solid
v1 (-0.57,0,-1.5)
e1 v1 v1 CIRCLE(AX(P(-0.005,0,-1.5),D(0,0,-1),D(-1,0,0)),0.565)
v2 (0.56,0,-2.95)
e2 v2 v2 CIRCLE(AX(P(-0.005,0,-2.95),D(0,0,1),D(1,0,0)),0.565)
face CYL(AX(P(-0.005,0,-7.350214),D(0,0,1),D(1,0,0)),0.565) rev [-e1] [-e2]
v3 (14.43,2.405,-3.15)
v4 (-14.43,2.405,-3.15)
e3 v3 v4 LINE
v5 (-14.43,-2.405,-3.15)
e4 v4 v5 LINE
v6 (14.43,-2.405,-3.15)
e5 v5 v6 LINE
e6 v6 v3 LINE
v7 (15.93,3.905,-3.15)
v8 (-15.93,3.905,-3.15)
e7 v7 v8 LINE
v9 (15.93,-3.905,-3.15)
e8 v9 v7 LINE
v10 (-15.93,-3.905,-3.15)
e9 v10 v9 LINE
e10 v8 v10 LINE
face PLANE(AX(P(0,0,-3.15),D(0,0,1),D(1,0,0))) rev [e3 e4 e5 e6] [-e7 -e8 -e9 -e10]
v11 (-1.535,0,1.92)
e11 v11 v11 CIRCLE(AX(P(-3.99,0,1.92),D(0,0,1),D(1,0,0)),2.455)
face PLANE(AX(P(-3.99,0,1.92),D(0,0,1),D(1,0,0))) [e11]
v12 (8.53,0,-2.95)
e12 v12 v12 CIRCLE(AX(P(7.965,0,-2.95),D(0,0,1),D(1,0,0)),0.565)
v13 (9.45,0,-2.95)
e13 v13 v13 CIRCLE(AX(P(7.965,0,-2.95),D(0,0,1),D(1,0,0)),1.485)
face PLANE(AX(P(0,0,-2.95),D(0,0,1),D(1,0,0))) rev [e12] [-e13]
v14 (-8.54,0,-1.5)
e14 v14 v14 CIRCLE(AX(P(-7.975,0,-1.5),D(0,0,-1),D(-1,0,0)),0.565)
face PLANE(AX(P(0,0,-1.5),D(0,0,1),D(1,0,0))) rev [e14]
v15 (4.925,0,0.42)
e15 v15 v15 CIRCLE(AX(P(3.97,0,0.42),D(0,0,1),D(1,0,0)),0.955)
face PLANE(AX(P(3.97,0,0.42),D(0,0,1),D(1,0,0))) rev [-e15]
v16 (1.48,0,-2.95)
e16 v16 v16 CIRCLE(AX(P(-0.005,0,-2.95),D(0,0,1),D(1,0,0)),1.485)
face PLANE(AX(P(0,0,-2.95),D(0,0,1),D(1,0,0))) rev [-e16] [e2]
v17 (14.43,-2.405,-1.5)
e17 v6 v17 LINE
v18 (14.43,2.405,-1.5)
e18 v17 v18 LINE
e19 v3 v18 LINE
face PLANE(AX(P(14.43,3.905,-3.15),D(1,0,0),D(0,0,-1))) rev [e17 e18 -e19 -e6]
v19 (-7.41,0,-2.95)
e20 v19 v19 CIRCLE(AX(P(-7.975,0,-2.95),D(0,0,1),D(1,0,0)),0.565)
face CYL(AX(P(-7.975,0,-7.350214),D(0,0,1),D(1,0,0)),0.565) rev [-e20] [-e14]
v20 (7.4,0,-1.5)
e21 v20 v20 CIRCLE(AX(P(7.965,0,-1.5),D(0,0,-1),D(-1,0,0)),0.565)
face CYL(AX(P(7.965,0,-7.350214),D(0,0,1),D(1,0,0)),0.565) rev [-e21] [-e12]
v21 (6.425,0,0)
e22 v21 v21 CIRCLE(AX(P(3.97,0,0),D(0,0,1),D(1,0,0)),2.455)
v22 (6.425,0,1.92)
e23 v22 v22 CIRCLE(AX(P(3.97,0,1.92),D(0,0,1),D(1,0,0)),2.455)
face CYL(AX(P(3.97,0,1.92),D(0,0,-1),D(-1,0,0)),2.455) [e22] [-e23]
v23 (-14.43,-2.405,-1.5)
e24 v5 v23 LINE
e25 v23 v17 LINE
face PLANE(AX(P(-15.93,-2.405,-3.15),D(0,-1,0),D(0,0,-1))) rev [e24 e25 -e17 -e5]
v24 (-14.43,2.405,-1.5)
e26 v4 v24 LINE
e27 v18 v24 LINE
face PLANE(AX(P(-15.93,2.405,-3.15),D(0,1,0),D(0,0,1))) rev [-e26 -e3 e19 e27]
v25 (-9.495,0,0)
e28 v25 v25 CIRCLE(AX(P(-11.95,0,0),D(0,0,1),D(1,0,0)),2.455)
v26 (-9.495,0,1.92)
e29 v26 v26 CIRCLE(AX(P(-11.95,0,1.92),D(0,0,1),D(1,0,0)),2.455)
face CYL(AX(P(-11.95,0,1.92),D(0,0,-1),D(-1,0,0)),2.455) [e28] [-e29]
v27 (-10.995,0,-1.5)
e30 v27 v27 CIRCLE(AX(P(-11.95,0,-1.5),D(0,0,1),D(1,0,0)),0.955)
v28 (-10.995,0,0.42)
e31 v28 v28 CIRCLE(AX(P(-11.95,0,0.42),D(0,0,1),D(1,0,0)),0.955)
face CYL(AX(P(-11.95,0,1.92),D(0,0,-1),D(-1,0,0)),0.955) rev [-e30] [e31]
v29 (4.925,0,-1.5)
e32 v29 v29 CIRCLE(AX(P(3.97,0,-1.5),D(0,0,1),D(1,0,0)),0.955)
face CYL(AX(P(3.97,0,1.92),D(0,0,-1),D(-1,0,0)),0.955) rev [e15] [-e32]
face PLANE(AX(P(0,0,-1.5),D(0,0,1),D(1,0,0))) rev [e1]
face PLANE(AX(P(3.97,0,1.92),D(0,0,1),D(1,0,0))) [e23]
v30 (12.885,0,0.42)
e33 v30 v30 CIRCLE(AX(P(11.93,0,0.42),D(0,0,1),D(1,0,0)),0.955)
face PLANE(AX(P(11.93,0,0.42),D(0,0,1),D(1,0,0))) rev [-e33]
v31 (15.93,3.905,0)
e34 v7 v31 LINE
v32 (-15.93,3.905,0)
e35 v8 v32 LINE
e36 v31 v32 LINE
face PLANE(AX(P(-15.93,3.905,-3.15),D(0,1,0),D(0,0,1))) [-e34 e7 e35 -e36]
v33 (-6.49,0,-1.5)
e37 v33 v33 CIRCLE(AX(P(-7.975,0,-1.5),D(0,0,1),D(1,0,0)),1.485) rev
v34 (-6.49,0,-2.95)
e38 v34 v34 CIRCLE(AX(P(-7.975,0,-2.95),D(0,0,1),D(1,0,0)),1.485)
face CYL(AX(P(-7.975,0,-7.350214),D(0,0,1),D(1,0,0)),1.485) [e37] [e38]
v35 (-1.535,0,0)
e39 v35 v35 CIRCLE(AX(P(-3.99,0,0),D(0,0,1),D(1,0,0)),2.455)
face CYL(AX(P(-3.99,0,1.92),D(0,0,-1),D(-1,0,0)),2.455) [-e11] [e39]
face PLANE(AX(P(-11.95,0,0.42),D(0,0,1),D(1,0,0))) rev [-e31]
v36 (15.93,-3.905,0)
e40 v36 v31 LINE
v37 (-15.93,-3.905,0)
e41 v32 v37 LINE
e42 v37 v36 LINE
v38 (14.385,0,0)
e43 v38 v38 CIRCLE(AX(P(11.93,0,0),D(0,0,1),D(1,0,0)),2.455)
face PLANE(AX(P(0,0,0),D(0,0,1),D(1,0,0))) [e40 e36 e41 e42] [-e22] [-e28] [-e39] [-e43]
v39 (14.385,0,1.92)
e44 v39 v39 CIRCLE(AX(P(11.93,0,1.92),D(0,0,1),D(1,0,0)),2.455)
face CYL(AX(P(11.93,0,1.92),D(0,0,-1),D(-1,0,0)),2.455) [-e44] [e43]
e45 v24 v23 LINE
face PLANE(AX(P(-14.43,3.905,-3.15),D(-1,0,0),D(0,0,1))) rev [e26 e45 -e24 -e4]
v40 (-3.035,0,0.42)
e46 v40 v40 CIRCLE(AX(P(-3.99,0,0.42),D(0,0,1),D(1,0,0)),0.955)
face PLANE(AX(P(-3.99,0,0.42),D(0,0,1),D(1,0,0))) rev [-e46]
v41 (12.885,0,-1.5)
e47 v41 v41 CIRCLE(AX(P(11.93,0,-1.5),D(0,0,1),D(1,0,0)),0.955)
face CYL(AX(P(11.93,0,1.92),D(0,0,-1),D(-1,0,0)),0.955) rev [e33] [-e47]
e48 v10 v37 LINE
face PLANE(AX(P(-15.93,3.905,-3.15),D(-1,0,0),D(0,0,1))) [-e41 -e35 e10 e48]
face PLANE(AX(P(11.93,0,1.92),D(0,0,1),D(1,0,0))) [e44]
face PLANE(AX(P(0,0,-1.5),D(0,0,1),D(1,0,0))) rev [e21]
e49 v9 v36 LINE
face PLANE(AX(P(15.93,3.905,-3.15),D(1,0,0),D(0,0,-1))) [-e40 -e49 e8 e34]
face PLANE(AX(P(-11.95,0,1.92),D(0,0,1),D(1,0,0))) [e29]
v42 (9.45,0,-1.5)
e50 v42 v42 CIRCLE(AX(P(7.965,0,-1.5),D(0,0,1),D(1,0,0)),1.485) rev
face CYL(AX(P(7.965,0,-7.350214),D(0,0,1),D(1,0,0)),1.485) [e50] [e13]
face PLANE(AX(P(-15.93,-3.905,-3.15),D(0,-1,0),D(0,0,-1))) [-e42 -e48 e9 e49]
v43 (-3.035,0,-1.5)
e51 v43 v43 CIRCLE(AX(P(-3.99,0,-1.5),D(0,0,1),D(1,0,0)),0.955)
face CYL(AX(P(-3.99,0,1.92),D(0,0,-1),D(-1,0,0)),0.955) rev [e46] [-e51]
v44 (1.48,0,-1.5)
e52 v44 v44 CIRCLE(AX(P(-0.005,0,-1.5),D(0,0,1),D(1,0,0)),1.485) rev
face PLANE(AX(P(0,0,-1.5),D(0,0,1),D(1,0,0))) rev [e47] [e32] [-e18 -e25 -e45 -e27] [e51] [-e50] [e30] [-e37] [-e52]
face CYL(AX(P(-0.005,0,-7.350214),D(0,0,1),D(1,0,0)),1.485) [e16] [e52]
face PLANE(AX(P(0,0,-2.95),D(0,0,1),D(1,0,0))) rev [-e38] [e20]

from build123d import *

# Parameters (mm, degrees)
SKETCH1_W           = 31.86
SKETCH1_H           = 7.81
BOSS_EXTRUDE1_DEPTH = 3.15
SKETCH2_R           = 2.455
BOSS_EXTRUDE2_DEPTH = 1.92
SHELL1_T            = -1.5
SKETCH3_R           = 1.485
SKETCH3_R_2         = 0.565
BOSS_EXTRUDE3_DEPTH = 1.45


with BuildPart() as part:
    # Sketch1 → Boss-Extrude1 (new body)
    with BuildSketch(Plane.XY):
        Rectangle(SKETCH1_W, SKETCH1_H)
    extrude(amount=-BOSS_EXTRUDE1_DEPTH)

    # Sketch2 → Boss-Extrude2 (add)
    with BuildSketch(Plane.XY):
        with Locations((-11.95, 0)):
            Circle(SKETCH2_R)
        with Locations((-3.99, 0)):
            Circle(SKETCH2_R)
        with Locations((3.97, 0)):
            Circle(SKETCH2_R)
        with Locations((11.93, 0)):
            Circle(SKETCH2_R)
    extrude(amount=BOSS_EXTRUDE2_DEPTH)

    # Shell1
    shell1_openings = [part.faces().sort_by_distance(p)[0] for p in [
        (0, 0, -3.15),
    ]]
    offset(amount=SHELL1_T, openings=shell1_openings, kind=Kind.INTERSECTION)

    # Sketch3 → Boss-Extrude3 (add)
    # profile 1 of 3: a face of its own
    with BuildSketch(Plane(origin=(0, 0, -1.5), x_dir=(-1, 0, 0), z_dir=(0, 0, -1))):
        with Locations(Location((-7.965, 0, 0), (0, 0, 180))):
            Circle(SKETCH3_R)
        with Locations(Location((-7.965, 0, 0), (0, 0, 180))):
            Circle(SKETCH3_R_2, mode=Mode.SUBTRACT)
    # profile 2 of 3: a face of its own
    with BuildSketch(Plane(origin=(0, 0, -1.5), x_dir=(-1, 0, 0), z_dir=(0, 0, -1))):
        with Locations(Location((0.005, 0, 0), (0, 0, 180))):
            Circle(SKETCH3_R)
        with Locations(Location((0.005, 0, 0), (0, 0, 180))):
            Circle(SKETCH3_R_2, mode=Mode.SUBTRACT)
    # profile 3 of 3: a face of its own
    with BuildSketch(Plane(origin=(0, 0, -1.5), x_dir=(-1, 0, 0), z_dir=(0, 0, -1))):
        with Locations(Location((7.975, 0, 0), (0, 0, 180))):
            Circle(SKETCH3_R)
        with Locations(Location((7.975, 0, 0), (0, 0, 180))):
            Circle(SKETCH3_R_2, mode=Mode.SUBTRACT)
    extrude(amount=BOSS_EXTRUDE3_DEPTH)


solid = part.part
